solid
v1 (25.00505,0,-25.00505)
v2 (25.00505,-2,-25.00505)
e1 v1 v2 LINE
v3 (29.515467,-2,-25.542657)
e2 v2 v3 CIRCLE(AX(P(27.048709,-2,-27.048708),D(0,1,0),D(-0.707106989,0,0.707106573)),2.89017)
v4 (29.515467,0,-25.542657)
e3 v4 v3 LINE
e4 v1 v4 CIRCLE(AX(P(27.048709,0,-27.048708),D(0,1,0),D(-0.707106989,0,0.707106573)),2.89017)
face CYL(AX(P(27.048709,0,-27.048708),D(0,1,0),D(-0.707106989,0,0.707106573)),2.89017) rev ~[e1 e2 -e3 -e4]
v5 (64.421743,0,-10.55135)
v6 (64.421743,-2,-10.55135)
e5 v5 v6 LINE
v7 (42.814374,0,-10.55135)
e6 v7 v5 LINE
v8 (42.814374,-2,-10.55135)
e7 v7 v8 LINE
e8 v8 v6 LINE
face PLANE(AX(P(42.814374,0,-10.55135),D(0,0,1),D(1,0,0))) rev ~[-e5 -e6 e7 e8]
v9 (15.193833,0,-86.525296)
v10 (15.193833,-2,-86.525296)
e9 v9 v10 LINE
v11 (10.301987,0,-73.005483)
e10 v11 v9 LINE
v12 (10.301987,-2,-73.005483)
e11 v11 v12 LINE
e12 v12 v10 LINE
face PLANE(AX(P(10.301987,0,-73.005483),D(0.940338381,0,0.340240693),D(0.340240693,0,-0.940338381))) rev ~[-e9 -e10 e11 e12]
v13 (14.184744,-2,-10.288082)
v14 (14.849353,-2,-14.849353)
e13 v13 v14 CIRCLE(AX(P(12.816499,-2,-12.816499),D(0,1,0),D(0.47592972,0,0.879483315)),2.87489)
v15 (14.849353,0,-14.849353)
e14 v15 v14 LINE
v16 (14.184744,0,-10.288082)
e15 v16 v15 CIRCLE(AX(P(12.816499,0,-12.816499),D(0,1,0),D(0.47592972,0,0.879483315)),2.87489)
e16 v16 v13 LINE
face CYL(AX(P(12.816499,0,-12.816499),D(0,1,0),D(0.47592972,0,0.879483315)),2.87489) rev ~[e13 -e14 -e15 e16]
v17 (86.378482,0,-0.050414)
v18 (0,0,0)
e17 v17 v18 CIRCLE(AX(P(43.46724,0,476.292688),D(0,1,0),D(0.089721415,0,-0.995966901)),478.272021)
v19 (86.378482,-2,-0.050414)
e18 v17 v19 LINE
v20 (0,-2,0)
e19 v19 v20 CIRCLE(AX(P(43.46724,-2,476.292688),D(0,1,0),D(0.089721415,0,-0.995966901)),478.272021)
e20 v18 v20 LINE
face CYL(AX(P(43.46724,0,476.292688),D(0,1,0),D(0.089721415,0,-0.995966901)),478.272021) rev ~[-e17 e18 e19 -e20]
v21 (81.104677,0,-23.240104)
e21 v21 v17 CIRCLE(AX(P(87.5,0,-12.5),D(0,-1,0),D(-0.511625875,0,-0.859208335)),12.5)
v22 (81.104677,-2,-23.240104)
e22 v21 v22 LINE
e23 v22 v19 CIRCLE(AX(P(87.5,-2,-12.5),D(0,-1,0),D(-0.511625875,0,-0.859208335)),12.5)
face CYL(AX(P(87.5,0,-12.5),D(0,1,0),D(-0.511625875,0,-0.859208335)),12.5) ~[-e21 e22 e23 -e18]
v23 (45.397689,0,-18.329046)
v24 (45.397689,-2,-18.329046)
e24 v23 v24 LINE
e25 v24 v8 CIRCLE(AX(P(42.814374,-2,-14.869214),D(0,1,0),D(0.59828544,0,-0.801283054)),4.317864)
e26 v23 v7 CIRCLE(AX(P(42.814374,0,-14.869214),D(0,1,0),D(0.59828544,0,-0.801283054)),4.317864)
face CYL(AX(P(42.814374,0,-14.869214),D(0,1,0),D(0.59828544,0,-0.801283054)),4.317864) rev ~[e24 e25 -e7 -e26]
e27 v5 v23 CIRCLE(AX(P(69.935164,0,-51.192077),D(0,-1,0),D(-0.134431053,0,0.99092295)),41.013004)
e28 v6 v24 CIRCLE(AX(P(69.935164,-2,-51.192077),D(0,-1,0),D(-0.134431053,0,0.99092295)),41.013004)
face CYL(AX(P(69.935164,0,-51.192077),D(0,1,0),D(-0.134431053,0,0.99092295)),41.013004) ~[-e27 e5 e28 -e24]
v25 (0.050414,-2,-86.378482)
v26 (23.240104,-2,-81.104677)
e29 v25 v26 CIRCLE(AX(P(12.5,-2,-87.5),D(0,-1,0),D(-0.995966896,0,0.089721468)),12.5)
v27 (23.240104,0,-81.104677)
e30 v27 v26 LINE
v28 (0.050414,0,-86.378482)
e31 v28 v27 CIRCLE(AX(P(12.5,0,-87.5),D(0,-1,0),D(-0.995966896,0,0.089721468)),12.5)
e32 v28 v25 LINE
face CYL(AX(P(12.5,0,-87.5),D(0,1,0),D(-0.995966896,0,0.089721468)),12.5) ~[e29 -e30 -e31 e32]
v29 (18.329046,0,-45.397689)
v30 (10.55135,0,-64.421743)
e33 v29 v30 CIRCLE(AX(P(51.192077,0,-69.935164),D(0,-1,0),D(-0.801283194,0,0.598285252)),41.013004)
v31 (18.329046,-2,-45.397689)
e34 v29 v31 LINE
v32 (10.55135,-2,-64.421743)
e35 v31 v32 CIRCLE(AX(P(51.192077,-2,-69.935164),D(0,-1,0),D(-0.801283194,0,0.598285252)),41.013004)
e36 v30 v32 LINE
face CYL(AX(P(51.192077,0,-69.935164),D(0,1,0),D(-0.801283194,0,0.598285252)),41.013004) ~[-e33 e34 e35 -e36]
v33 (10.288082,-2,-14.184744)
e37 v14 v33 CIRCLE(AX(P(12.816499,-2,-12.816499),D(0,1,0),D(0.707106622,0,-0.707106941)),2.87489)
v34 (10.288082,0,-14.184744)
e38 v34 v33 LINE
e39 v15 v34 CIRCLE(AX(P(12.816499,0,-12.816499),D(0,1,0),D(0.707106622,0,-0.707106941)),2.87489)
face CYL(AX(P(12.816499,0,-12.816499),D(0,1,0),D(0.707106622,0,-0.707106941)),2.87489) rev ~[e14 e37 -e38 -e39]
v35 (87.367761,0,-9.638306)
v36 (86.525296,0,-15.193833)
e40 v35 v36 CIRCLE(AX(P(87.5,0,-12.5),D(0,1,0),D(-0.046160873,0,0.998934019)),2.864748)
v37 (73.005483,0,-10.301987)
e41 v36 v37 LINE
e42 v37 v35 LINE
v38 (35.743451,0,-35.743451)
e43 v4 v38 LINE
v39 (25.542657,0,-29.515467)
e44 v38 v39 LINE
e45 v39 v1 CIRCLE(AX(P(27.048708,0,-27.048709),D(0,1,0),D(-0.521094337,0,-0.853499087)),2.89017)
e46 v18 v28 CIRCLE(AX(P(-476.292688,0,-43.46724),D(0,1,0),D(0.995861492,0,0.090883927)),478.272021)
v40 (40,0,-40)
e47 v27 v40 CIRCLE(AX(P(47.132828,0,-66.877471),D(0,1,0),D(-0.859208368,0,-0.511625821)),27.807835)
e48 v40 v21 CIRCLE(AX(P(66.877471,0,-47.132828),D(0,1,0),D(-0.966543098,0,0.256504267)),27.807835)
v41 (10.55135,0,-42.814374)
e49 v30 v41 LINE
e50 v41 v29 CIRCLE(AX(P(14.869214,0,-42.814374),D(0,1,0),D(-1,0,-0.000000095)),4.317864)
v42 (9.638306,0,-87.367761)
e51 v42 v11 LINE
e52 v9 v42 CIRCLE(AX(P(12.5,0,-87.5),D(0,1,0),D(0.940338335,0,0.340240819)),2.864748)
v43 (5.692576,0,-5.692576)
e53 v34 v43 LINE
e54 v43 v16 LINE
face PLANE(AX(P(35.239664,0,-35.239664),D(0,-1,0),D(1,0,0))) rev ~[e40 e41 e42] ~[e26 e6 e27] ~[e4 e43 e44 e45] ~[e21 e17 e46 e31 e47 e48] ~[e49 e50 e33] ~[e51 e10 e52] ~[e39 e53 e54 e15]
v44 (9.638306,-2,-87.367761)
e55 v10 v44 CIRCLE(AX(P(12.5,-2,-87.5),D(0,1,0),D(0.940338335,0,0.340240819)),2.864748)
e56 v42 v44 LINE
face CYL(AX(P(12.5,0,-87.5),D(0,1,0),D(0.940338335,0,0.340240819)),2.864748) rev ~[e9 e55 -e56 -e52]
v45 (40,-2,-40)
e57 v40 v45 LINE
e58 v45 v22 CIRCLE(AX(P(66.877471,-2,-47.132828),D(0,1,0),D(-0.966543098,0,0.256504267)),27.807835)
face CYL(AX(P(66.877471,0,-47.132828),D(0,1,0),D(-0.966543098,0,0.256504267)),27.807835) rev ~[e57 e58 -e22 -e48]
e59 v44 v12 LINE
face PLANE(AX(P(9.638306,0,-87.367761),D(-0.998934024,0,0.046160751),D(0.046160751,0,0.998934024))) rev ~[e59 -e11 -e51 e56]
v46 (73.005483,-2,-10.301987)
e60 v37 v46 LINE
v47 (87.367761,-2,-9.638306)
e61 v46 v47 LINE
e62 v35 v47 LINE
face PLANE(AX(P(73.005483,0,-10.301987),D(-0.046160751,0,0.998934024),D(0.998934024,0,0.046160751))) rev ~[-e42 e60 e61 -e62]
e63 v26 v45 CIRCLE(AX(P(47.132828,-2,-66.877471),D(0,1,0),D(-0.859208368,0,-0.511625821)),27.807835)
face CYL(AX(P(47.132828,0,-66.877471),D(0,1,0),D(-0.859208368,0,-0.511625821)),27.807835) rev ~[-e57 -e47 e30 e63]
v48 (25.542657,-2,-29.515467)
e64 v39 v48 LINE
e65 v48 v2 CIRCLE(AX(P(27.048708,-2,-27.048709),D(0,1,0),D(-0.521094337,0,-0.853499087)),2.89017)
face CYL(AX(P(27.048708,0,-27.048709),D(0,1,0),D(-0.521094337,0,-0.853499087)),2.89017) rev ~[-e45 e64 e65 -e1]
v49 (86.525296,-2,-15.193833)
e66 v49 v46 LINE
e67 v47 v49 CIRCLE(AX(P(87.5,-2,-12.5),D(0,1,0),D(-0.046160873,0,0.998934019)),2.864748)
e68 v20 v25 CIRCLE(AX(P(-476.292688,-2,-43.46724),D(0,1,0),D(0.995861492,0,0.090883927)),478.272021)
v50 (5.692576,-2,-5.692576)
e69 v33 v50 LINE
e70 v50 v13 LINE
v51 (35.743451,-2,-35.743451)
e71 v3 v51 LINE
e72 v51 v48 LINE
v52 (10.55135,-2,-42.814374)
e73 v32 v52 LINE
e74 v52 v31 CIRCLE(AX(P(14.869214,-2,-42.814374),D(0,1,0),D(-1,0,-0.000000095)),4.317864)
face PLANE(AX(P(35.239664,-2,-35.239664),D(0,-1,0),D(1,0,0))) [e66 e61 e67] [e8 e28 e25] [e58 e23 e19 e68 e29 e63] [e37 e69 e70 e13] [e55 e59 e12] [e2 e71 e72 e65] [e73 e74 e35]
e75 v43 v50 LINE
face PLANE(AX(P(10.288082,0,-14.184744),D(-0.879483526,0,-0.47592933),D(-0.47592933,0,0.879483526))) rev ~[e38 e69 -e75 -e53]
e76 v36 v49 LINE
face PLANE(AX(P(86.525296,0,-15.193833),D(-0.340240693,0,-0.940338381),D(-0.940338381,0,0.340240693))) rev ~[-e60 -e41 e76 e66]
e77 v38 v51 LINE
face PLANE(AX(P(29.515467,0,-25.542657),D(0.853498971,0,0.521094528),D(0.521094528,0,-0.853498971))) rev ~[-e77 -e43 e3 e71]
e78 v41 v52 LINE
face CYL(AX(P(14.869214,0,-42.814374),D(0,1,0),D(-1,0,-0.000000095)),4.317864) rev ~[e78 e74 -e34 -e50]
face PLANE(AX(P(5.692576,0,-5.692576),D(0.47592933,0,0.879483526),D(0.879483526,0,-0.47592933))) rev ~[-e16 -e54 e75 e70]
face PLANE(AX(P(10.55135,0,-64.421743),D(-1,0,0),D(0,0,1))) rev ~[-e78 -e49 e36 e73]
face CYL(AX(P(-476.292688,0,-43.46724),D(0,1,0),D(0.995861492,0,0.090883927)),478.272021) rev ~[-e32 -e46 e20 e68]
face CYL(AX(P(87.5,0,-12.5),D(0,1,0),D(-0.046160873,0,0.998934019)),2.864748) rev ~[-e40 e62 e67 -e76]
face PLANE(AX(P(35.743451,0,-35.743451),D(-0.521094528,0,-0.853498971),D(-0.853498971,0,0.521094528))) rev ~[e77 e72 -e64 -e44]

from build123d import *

# Parameters (mm, degrees)
F1_DEPTH = 2


with BuildPart() as f1:
    # F0 (on Front) → F1 (new body)
    with BuildSketch(Plane.XZ):
        with BuildLine():
            ThreePointArc((0, 0), (1.979251, -43.188101), (0.050414, -86.378482))
            ThreePointArc((0.050414, -86.378482), (15.271974, -99.688772), (23.240104, -81.104677))
            ThreePointArc((23.240104, -81.104677), (21.383171, -56.378384), (40, -40))
            ThreePointArc((40, -40), (56.378384, -21.383171), (81.104677, -23.240104))
            ThreePointArc((81.104677, -23.240104), (99.688772, -15.271974), (86.378482, -0.050414))
            ThreePointArc((86.378482, -0.050414), (43.188101, -1.979251), (0, 0))
        make_face()
        with BuildLine():
            ThreePointArc((15.193833, -86.525296), (12.929513, -90.332367), (9.638306, -87.367761))
            Line((9.638306, -87.367761), (10.301987, -73.005483))
            Line((10.301987, -73.005483), (15.193833, -86.525296))
        make_face(mode=Mode.SUBTRACT)
        with BuildLine():
            ThreePointArc((10.55135, -42.814374), (16.230256, -38.716628), (18.329046, -45.397689))
            ThreePointArc((18.329046, -45.397689), (13.22921, -54.414622), (10.55135, -64.421743))
            Line((10.55135, -64.421743), (10.55135, -42.814374))
        make_face(mode=Mode.SUBTRACT)
        with BuildLine():
            ThreePointArc((25.542657, -29.515467), (24.178852, -27.390774), (25.00505, -25.00505))
            ThreePointArc((25.00505, -25.00505), (27.390774, -24.178852), (29.515467, -25.542657))
            Line((29.515467, -25.542657), (35.743451, -35.743451))
            Line((35.743451, -35.743451), (25.542657, -29.515467))
        make_face(mode=Mode.SUBTRACT)
        with BuildLine():
            ThreePointArc((14.849353, -14.849353), (12.401985, -15.661348), (10.288082, -14.184744))
            Line((10.288082, -14.184744), (5.692576, -5.692576))
            Line((5.692576, -5.692576), (14.184744, -10.288082))
            ThreePointArc((14.184744, -10.288082), (15.661348, -12.401985), (14.849353, -14.849353))
        make_face(mode=Mode.SUBTRACT)
        with BuildLine():
            ThreePointArc((64.421743, -10.55135), (54.414622, -13.22921), (45.397689, -18.329046))
            ThreePointArc((45.397689, -18.329046), (38.716628, -16.230256), (42.814374, -10.55135))
            Line((42.814374, -10.55135), (64.421743, -10.55135))
        make_face(mode=Mode.SUBTRACT)
        with BuildLine():
            Line((86.525296, -15.193833), (73.005483, -10.301987))
            Line((73.005483, -10.301987), (87.367761, -9.638306))
            ThreePointArc((87.367761, -9.638306), (90.332367, -12.929513), (86.525296, -15.193833))
        make_face(mode=Mode.SUBTRACT)
    extrude(amount=F1_DEPTH)


solid = f1.part
